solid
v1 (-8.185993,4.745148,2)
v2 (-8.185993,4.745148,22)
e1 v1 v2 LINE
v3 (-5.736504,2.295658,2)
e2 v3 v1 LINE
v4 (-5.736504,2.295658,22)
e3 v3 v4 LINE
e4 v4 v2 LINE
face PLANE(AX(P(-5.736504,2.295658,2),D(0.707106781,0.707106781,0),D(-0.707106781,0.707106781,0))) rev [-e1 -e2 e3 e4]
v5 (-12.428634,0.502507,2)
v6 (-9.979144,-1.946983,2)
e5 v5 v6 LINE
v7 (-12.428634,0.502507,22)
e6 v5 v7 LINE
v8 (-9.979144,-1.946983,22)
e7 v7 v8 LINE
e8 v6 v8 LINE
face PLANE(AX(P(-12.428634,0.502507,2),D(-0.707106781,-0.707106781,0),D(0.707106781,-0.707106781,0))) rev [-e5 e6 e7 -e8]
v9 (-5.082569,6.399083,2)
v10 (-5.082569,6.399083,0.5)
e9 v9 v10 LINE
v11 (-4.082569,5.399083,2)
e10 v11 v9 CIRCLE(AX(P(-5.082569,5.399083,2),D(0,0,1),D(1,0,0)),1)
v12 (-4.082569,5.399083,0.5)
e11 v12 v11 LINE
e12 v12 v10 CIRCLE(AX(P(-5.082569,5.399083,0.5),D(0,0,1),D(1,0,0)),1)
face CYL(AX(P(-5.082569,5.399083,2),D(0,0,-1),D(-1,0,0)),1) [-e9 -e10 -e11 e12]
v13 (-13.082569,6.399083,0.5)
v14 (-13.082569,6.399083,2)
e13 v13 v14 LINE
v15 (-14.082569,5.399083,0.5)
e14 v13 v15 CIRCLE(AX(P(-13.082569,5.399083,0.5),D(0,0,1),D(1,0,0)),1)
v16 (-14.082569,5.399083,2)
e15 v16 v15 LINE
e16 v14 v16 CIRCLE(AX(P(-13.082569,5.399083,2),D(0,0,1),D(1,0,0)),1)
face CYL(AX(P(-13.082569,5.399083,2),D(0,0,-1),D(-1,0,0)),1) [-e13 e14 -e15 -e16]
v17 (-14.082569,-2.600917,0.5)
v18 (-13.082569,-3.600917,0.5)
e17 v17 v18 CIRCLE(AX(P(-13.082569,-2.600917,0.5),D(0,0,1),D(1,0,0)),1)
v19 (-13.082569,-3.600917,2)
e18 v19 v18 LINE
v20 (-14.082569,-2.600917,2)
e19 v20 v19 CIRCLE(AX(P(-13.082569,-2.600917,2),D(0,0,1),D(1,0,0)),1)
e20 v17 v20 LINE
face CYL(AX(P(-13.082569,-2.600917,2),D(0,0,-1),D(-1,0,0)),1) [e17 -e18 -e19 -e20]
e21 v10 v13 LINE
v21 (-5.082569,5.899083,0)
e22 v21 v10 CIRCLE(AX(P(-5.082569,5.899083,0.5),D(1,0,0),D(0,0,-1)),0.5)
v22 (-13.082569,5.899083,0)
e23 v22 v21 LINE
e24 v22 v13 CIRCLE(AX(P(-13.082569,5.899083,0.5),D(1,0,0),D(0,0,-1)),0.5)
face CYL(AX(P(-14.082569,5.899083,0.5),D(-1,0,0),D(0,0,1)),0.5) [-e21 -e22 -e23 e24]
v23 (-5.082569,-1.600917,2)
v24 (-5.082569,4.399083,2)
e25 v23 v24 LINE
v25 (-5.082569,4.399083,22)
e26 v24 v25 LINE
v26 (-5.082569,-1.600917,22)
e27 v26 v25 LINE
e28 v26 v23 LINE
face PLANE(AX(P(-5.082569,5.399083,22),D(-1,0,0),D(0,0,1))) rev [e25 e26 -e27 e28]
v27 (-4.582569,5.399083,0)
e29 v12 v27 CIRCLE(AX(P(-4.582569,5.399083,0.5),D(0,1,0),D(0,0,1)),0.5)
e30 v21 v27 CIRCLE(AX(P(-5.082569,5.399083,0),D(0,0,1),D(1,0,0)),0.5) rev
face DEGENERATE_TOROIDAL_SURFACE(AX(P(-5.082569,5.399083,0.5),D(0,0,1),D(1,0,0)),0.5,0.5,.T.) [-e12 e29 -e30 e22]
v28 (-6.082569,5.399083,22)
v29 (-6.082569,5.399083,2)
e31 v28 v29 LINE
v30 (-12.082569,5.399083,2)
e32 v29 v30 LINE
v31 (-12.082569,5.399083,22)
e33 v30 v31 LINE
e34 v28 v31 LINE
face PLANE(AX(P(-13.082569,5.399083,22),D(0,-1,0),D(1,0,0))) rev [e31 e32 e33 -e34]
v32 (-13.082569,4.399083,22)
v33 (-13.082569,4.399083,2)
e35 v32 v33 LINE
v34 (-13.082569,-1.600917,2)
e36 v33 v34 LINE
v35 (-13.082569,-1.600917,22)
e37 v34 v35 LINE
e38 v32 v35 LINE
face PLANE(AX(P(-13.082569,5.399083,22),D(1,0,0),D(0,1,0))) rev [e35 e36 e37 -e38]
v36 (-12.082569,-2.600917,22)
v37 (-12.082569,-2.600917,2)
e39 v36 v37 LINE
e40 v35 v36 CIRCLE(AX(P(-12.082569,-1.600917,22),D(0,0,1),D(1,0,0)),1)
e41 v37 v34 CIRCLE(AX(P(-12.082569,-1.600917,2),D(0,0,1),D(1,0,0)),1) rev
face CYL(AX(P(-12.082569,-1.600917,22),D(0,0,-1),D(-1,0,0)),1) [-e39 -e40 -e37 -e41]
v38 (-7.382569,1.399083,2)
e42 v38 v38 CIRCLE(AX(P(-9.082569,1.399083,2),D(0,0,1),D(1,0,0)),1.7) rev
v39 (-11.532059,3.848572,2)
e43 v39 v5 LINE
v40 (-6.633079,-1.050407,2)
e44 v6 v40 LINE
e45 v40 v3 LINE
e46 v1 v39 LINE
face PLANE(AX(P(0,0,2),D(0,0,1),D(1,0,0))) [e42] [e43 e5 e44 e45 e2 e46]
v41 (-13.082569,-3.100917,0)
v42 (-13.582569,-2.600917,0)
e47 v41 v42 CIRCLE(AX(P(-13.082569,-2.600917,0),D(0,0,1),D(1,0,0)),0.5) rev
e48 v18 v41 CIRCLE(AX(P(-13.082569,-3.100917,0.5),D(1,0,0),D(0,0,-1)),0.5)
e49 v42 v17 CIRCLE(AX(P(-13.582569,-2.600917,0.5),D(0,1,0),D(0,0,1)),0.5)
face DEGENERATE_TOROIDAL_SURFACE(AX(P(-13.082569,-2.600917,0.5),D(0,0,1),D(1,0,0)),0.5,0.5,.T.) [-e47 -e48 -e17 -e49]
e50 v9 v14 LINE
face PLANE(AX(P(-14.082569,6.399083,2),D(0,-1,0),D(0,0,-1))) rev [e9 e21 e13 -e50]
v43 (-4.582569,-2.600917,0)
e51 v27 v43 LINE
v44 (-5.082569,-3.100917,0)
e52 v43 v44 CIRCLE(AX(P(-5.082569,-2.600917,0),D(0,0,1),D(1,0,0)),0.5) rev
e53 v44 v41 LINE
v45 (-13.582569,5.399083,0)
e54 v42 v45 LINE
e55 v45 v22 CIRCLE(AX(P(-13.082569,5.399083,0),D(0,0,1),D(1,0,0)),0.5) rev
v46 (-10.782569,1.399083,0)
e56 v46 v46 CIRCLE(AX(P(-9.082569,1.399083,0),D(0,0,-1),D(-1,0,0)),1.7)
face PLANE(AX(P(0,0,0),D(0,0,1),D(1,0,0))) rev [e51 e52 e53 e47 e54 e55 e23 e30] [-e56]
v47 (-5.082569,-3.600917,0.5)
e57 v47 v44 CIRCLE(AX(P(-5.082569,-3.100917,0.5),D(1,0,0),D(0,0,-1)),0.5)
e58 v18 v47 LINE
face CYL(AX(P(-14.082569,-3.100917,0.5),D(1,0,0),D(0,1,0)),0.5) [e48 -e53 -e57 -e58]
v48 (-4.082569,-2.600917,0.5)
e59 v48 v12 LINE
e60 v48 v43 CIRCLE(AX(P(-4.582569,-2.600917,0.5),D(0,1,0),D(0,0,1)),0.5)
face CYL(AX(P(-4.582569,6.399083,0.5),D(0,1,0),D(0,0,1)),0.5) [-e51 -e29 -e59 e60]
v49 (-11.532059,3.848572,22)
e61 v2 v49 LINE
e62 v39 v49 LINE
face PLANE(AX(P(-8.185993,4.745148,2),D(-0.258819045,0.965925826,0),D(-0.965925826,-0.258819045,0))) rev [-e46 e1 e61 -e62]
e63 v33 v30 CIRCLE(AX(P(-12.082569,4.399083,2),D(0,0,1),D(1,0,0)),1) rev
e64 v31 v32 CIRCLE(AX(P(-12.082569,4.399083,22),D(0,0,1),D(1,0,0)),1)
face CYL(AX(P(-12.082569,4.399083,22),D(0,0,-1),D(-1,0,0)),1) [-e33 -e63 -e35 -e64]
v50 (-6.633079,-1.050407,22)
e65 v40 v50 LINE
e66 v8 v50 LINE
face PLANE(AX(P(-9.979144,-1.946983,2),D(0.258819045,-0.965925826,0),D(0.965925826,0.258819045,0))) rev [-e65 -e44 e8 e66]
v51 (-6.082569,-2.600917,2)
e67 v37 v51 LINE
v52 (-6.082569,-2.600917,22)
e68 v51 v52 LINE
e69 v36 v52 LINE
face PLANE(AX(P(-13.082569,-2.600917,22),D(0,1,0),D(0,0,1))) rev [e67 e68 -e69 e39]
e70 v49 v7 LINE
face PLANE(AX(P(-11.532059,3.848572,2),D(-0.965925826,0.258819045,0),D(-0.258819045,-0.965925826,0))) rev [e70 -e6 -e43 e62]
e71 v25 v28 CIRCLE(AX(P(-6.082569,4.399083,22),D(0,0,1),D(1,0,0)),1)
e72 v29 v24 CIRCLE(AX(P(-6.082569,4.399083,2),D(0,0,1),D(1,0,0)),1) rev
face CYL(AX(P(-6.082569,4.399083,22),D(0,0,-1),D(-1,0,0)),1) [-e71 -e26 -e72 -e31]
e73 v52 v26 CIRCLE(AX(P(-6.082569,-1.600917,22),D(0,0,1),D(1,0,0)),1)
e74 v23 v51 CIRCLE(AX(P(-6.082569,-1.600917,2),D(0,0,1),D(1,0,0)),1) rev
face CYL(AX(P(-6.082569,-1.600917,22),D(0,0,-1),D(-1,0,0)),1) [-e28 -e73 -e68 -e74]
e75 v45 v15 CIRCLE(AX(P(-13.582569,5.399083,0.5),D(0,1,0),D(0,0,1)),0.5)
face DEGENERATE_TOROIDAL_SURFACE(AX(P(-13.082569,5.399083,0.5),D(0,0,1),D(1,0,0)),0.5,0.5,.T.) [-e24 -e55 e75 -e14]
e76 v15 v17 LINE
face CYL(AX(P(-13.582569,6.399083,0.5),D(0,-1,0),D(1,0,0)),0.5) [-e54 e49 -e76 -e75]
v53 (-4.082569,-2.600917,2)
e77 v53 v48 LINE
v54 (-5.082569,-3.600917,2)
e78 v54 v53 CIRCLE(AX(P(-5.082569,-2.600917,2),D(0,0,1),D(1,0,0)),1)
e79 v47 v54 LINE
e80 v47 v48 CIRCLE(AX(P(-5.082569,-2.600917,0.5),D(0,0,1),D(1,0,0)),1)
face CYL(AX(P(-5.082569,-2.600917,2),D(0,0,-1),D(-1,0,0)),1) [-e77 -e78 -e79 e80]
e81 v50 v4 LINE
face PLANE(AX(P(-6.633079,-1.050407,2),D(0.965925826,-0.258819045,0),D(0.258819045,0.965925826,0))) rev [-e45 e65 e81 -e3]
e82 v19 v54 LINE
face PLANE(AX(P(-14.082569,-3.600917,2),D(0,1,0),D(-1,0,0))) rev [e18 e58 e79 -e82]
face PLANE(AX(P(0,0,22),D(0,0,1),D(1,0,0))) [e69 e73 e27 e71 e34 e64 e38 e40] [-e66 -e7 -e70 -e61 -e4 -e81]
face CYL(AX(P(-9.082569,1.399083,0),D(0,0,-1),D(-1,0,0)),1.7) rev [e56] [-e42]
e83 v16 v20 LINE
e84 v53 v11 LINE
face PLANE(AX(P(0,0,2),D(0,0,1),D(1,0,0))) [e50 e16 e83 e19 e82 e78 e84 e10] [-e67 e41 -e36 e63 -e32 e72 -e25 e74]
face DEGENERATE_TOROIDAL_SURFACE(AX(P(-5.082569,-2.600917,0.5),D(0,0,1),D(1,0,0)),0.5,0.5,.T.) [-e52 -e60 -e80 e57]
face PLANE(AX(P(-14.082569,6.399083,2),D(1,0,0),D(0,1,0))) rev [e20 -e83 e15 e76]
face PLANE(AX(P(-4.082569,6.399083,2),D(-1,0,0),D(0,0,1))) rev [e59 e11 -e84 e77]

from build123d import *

# Parameters (mm, degrees)
SKETCH1_W            = 10
SKETCH1_H            = 10
BOSS_EXTRUDE1_DEPTH  = 2
FILLET2_R            = 1
FILLET3_R            = 1
FILLET5_R            = 0.5
SKETCH6_W            = 8
SKETCH6_H            = 8
BOSS_EXTRUDE2_DEPTH  = 20
FILLET7_R            = 1
M3_CLEARANCE_HOLE1_D = 3.4
CUT_EXTRUDE1_DEPTH   = 20


with BuildPart() as part:
    # Sketch1 → Boss-Extrude1 (new body)
    with BuildSketch(Plane.XY):
        with Locations((-9.082568807, 1.399082569)):
            Rectangle(SKETCH1_W, SKETCH1_H)
    extrude(amount=BOSS_EXTRUDE1_DEPTH)

    # Fillet2
    fillet2_edges = [part.edges().sort_by_distance(p)[0] for p in [
        (-14.082568807, 6.399082569, 1),
        (-4.082568807, 6.399082569, 1),
        (-14.082568807, -3.600917431, 1),
    ]]
    fillet(fillet2_edges, radius=FILLET2_R)

    # Fillet3
    fillet3_edges = [part.edges().sort_by_distance(p)[0] for p in [
        (-4.082568807, -3.600917431, 1),
    ]]
    fillet(fillet3_edges, radius=FILLET3_R)

    # Fillet5
    fillet5_edges = [part.edges().sort_by_distance(p)[0] for p in [
        (-9.082568807, 6.399082569, 0),
        (-14.082568807, 1.399082569, 0),
        (-9.082568807, -3.600917431, 0),
        (-13.789675589, -3.308024212, 0),
        (-13.789675589, 6.10618935, 0),
        (-4.375462026, 6.10618935, 0),
        (-4.082568807, 1.399082569, 0),
        (-4.375462026, -3.308024212, 0),
    ]]
    fillet(fillet5_edges, radius=FILLET5_R)

    # Sketch6 → Boss-Extrude2 (add)
    with BuildSketch(Plane.XY.offset(2)):
        with Locations((-9.082568807, 1.399082569)):
            Rectangle(SKETCH6_W, SKETCH6_H)
    extrude(amount=BOSS_EXTRUDE2_DEPTH)

    # Fillet7
    fillet7_edges = [part.edges().sort_by_distance(p)[0] for p in [
        (-13.082568807, 5.399082569, 12),
        (-13.082568807, -2.600917431, 12),
        (-5.082568807, -2.600917431, 12),
        (-5.082568807, 5.399082569, 12),
    ]]
    fillet(fillet7_edges, radius=FILLET7_R)

    # M3 Clearance Hole1 (through all)
    with Locations(Plane(origin=(0, 0, 0), x_dir=(-1, 0, 0), z_dir=(0, 0, -1))):
        with Locations((9.082568807, 1.399082569)):
            Hole(M3_CLEARANCE_HOLE1_D / 2)

    # Sketch7 → Cut-Extrude1 (cut)
    with BuildSketch(Plane.XY.offset(22)):
        Polygon((-6.633079065, -1.050407174), (-5.736503592, 2.295658041), (-8.185993335, 4.745147784), (-11.53205855, 3.848572312), (-12.428634022, 0.502507097), (-9.97914428, -1.946982646), align=None)
    extrude(amount=-CUT_EXTRUDE1_DEPTH, mode=Mode.SUBTRACT)


solid = part.part
